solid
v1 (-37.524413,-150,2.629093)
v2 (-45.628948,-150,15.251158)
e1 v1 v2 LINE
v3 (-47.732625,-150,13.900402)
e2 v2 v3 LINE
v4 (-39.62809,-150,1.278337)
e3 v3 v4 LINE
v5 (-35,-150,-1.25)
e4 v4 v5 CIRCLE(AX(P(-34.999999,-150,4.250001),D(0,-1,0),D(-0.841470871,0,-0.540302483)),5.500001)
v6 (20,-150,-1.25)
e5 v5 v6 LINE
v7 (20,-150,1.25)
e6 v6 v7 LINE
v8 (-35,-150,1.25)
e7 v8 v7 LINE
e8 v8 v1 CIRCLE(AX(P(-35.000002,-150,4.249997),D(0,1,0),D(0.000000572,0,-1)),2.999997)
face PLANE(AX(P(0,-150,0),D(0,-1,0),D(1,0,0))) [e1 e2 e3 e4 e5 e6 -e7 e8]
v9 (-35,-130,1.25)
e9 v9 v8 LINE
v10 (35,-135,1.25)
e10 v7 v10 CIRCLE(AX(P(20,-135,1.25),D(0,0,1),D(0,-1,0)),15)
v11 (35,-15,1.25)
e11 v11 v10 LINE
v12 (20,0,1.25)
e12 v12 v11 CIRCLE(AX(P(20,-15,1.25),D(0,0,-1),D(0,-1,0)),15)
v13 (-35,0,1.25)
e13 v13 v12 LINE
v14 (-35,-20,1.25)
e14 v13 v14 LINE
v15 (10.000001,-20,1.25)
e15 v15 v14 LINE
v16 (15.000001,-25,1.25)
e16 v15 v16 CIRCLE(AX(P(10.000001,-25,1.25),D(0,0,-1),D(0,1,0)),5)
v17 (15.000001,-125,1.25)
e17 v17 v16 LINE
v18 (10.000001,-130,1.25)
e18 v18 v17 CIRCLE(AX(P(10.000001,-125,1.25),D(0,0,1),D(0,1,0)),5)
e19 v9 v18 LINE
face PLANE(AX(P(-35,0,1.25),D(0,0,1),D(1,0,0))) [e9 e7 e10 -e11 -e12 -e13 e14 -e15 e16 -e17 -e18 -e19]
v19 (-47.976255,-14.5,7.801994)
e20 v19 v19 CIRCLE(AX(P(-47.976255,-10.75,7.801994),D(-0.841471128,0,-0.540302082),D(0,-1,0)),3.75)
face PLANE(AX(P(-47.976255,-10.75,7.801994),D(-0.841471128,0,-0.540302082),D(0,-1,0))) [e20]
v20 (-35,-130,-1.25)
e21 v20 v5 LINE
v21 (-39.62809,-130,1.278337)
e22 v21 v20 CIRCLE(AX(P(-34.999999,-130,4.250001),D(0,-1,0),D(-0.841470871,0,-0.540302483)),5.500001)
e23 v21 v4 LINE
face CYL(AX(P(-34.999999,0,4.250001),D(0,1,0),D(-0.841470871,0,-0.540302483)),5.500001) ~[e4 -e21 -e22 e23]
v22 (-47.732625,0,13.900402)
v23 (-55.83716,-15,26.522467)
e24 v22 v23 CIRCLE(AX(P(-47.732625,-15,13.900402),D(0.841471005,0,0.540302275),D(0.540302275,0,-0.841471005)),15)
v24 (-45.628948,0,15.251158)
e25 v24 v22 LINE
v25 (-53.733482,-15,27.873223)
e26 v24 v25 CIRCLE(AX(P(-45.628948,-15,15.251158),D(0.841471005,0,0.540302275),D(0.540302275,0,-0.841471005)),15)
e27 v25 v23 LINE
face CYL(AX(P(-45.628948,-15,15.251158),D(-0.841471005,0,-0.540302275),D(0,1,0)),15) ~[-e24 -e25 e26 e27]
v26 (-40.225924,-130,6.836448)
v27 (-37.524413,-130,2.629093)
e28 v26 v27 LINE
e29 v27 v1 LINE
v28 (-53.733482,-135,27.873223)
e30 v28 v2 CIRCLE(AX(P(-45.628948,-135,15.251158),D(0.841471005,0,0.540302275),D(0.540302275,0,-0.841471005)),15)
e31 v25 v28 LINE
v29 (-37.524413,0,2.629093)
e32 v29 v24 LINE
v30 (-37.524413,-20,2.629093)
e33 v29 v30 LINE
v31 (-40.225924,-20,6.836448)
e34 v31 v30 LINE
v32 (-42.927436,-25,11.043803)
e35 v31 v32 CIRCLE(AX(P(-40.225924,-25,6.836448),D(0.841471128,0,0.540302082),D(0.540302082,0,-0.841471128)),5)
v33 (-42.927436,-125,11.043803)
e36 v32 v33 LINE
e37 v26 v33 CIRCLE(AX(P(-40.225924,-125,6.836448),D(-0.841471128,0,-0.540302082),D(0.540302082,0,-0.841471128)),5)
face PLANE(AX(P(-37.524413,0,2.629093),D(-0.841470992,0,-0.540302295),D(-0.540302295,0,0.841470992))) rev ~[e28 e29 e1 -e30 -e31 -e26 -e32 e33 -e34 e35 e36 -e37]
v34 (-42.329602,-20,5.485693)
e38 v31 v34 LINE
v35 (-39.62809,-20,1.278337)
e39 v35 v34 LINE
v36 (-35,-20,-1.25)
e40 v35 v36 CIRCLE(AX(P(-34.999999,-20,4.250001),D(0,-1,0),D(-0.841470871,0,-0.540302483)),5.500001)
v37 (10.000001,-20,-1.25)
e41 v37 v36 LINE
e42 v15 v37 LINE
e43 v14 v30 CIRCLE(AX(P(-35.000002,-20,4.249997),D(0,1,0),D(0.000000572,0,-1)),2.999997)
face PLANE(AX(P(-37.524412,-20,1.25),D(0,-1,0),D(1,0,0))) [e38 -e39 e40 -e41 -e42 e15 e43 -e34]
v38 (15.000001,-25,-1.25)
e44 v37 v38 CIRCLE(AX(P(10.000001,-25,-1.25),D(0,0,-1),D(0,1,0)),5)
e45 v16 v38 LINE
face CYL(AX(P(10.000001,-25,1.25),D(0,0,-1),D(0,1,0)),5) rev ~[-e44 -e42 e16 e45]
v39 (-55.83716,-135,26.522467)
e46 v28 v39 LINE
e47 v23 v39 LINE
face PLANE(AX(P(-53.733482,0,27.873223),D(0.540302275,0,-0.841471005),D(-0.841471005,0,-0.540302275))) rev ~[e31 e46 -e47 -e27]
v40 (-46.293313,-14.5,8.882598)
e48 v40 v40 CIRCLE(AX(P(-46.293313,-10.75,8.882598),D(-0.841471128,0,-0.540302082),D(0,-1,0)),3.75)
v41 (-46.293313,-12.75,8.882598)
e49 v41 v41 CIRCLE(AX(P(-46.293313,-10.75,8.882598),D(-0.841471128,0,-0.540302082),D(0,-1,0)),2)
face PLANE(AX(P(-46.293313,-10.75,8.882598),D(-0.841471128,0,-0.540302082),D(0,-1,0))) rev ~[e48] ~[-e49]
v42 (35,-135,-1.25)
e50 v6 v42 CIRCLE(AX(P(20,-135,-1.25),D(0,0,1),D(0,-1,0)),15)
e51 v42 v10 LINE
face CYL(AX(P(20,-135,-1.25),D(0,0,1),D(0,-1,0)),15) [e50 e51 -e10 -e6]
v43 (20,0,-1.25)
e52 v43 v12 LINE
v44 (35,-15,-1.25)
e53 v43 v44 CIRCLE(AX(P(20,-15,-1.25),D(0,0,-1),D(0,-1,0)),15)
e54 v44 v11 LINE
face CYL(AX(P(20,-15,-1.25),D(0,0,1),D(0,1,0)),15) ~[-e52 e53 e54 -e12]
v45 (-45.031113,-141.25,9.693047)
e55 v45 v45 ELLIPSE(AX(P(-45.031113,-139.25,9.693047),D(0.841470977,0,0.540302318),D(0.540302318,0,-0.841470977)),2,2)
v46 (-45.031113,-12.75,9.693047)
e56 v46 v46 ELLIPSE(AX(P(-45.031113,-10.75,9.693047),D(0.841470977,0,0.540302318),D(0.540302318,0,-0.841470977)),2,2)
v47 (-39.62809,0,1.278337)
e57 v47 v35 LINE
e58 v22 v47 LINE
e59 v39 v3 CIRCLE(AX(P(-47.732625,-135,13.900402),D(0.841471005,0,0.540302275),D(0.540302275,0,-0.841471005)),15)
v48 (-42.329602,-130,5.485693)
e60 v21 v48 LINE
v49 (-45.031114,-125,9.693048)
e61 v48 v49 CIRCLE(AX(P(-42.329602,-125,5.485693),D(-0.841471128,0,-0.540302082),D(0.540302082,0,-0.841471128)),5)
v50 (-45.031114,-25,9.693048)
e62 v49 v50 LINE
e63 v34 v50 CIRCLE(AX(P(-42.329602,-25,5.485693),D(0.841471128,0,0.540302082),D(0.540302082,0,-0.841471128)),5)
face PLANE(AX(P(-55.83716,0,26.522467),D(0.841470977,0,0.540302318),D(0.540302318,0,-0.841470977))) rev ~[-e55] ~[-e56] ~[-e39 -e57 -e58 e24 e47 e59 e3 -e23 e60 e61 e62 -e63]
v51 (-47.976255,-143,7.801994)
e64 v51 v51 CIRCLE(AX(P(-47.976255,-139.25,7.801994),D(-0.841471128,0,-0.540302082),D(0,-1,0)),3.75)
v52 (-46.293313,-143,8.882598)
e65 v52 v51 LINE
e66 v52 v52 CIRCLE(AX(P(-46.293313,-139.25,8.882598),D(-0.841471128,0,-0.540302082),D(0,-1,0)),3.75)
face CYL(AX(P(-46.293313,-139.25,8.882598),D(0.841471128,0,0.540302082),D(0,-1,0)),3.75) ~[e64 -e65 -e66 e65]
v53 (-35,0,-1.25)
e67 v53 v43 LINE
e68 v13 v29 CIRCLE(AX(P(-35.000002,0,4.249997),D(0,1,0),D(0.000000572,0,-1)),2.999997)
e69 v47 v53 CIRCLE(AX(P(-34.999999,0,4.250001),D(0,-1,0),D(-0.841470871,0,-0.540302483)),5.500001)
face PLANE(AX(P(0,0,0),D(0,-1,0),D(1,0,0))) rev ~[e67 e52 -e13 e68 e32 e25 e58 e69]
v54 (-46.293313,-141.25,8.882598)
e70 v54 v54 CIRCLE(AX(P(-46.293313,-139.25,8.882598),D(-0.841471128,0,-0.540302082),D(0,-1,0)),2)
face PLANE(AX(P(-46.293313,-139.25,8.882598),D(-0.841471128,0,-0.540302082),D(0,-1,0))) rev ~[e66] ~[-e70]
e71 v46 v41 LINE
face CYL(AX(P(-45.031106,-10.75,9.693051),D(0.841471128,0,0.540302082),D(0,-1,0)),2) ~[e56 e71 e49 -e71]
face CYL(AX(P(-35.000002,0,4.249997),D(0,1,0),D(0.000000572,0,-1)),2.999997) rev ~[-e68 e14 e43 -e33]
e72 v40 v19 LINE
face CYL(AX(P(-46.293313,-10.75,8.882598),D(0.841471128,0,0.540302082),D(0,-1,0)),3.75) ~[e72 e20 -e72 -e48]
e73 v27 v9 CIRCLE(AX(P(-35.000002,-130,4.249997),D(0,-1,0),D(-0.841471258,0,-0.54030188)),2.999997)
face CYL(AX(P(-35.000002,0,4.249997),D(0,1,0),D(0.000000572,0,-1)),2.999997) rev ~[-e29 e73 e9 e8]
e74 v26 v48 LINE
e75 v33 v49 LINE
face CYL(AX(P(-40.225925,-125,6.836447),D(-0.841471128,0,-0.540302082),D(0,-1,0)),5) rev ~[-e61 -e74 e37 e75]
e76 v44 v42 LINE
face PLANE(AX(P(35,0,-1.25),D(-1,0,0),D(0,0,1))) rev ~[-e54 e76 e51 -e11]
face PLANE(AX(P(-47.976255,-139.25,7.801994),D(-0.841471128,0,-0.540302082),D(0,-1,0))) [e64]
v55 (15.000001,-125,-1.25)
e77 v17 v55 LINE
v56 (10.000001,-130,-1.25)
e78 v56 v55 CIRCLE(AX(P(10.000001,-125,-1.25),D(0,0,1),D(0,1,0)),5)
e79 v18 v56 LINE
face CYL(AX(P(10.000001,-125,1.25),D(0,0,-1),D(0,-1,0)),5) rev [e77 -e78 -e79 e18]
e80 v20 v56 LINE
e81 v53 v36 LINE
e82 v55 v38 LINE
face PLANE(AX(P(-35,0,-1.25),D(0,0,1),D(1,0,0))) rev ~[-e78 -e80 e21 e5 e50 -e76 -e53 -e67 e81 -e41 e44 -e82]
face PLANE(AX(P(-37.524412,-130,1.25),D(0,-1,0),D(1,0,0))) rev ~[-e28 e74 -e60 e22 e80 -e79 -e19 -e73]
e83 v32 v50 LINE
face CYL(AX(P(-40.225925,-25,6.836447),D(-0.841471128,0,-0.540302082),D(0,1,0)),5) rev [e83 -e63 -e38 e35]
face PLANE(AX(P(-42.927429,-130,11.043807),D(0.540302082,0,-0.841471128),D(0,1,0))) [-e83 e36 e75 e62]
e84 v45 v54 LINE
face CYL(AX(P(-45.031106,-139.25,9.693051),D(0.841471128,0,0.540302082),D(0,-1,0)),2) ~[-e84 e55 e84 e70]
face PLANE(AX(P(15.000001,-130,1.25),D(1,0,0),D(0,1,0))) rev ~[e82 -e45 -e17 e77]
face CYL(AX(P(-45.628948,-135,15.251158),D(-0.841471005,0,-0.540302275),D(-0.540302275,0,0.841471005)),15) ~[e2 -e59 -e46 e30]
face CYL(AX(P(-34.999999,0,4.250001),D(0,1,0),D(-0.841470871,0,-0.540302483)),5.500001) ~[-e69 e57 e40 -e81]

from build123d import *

# Parameters (mm, degrees)
F0_W      = 70
F0_H      = 2.5
F1_DEPTH  = 150
F2_W      = 52.524413
F2_H      = 110
F3_DEPTH  = 2.501
F4_W      = 110
F4_H      = 30
F5_DEPTH  = 17.506528
F6_DEPTH  = 74.667651
F7_R      = 2
F8_DEPTH  = 1.5
F9_R      = 3.75
F10_R     = 3.75
F11_DEPTH = 2
F12_R     = 15
F13_R     = 15
F14_R     = 5


with BuildPart() as f1:
    # F0 (on Front) → F1 (new body)
    with BuildSketch(Plane.XZ):
        Rectangle(F0_W, F0_H)
        with BuildLine():
            Line((-35, -1.25), (-35, 1.25))
            ThreePointArc((-35, 1.25), (-36.438277, 1.617252), (-37.524413, 2.629093))
            Line((-37.524413, 2.629093), (-39.62809, 1.278337))
            ThreePointArc((-39.62809, 1.278337), (-37.63684, -0.576704), (-35, -1.25))
        make_face()
        Polygon((-39.62809, 1.278337), (-37.524413, 2.629093), (-53.733482, 27.873223), (-55.83716, 26.522467), align=None)
    extrude(amount=F1_DEPTH)

    # F2 (on face) → F3 (cut, through all)
    with BuildSketch(Plane.XY.offset(1.25)):
        with Locations((-11.262206, -75)):
            Rectangle(F2_W, F2_H)
    extrude(amount=-F3_DEPTH, mode=Mode.SUBTRACT)

    # F4 (on face) → F5 (cut, through all)
    with BuildSketch(Plane(origin=(-25.374726, 0, -16.292924), x_dir=(0, 1, 0), z_dir=(0.841471, 0, 0.540302))):
        with Locations((-75, 17.486832)):
            Rectangle(F4_W, F4_H)
    extrude(amount=-F5_DEPTH, mode=Mode.SUBTRACT)

    # F4 (on face) → F6 (cut, through all)
    with BuildSketch(Plane(origin=(-25.374726, 0, -16.292924), x_dir=(0, 1, 0), z_dir=(0.841471, 0, 0.540302))):
        with Locations((-75, 17.486832)):
            Rectangle(F4_W, F4_H)
    extrude(amount=F6_DEPTH, mode=Mode.SUBTRACT)

    # F7 (on face) → F8 (join)
    with BuildSketch(Plane(origin=(-27.478403, 0, -17.64368), x_dir=(0, -1, 0), z_dir=(-0.841471, 0, -0.540302))):
        with Locations((10.75, 32.486832)):
            Circle(F7_R)
        with Locations((139.25, 32.486832)):
            Circle(F7_R)
    extrude(amount=F8_DEPTH)

    # F9 (on face) + F10 (on face) → F11 (join)
    with BuildSketch(Plane(origin=(-28.74061, 0, -18.454133), x_dir=(0, -1, 0), z_dir=(-0.841471, 0, -0.540302))):
        with Locations((10.75, 32.486832)):
            Circle(F9_R)
    with BuildSketch(Plane(origin=(-28.74061, 0, -18.454133), x_dir=(0, -1, 0), z_dir=(-0.841471, 0, -0.540302))):
        with Locations((139.25, 32.486832)):
            Circle(F10_R)
    extrude(amount=F11_DEPTH)

    # F12
    f12_edges = [f1.edges().sort_by_distance(p)[0] for p in [
        (-54.785321, 0, 27.197845),
    ]]
    fillet(f12_edges, radius=F12_R)

    # F13
    f13_edges = [f1.edges().sort_by_distance(p)[0] for p in [
        (-54.785321, -150, 27.197845),
        (35, -150, 0),
        (35, 0, 0),
    ]]
    fillet(f13_edges, radius=F13_R)

    # F14
    f14_edges = [f1.edges().sort_by_distance(p)[0] for p in [
        (-43.979275, -20, 10.368425),
        (15, -20, 0),
        (15, -130, 0),
        (-43.979275, -130, 10.368425),
    ]]
    fillet(f14_edges, radius=F14_R)


solid = f1.part
